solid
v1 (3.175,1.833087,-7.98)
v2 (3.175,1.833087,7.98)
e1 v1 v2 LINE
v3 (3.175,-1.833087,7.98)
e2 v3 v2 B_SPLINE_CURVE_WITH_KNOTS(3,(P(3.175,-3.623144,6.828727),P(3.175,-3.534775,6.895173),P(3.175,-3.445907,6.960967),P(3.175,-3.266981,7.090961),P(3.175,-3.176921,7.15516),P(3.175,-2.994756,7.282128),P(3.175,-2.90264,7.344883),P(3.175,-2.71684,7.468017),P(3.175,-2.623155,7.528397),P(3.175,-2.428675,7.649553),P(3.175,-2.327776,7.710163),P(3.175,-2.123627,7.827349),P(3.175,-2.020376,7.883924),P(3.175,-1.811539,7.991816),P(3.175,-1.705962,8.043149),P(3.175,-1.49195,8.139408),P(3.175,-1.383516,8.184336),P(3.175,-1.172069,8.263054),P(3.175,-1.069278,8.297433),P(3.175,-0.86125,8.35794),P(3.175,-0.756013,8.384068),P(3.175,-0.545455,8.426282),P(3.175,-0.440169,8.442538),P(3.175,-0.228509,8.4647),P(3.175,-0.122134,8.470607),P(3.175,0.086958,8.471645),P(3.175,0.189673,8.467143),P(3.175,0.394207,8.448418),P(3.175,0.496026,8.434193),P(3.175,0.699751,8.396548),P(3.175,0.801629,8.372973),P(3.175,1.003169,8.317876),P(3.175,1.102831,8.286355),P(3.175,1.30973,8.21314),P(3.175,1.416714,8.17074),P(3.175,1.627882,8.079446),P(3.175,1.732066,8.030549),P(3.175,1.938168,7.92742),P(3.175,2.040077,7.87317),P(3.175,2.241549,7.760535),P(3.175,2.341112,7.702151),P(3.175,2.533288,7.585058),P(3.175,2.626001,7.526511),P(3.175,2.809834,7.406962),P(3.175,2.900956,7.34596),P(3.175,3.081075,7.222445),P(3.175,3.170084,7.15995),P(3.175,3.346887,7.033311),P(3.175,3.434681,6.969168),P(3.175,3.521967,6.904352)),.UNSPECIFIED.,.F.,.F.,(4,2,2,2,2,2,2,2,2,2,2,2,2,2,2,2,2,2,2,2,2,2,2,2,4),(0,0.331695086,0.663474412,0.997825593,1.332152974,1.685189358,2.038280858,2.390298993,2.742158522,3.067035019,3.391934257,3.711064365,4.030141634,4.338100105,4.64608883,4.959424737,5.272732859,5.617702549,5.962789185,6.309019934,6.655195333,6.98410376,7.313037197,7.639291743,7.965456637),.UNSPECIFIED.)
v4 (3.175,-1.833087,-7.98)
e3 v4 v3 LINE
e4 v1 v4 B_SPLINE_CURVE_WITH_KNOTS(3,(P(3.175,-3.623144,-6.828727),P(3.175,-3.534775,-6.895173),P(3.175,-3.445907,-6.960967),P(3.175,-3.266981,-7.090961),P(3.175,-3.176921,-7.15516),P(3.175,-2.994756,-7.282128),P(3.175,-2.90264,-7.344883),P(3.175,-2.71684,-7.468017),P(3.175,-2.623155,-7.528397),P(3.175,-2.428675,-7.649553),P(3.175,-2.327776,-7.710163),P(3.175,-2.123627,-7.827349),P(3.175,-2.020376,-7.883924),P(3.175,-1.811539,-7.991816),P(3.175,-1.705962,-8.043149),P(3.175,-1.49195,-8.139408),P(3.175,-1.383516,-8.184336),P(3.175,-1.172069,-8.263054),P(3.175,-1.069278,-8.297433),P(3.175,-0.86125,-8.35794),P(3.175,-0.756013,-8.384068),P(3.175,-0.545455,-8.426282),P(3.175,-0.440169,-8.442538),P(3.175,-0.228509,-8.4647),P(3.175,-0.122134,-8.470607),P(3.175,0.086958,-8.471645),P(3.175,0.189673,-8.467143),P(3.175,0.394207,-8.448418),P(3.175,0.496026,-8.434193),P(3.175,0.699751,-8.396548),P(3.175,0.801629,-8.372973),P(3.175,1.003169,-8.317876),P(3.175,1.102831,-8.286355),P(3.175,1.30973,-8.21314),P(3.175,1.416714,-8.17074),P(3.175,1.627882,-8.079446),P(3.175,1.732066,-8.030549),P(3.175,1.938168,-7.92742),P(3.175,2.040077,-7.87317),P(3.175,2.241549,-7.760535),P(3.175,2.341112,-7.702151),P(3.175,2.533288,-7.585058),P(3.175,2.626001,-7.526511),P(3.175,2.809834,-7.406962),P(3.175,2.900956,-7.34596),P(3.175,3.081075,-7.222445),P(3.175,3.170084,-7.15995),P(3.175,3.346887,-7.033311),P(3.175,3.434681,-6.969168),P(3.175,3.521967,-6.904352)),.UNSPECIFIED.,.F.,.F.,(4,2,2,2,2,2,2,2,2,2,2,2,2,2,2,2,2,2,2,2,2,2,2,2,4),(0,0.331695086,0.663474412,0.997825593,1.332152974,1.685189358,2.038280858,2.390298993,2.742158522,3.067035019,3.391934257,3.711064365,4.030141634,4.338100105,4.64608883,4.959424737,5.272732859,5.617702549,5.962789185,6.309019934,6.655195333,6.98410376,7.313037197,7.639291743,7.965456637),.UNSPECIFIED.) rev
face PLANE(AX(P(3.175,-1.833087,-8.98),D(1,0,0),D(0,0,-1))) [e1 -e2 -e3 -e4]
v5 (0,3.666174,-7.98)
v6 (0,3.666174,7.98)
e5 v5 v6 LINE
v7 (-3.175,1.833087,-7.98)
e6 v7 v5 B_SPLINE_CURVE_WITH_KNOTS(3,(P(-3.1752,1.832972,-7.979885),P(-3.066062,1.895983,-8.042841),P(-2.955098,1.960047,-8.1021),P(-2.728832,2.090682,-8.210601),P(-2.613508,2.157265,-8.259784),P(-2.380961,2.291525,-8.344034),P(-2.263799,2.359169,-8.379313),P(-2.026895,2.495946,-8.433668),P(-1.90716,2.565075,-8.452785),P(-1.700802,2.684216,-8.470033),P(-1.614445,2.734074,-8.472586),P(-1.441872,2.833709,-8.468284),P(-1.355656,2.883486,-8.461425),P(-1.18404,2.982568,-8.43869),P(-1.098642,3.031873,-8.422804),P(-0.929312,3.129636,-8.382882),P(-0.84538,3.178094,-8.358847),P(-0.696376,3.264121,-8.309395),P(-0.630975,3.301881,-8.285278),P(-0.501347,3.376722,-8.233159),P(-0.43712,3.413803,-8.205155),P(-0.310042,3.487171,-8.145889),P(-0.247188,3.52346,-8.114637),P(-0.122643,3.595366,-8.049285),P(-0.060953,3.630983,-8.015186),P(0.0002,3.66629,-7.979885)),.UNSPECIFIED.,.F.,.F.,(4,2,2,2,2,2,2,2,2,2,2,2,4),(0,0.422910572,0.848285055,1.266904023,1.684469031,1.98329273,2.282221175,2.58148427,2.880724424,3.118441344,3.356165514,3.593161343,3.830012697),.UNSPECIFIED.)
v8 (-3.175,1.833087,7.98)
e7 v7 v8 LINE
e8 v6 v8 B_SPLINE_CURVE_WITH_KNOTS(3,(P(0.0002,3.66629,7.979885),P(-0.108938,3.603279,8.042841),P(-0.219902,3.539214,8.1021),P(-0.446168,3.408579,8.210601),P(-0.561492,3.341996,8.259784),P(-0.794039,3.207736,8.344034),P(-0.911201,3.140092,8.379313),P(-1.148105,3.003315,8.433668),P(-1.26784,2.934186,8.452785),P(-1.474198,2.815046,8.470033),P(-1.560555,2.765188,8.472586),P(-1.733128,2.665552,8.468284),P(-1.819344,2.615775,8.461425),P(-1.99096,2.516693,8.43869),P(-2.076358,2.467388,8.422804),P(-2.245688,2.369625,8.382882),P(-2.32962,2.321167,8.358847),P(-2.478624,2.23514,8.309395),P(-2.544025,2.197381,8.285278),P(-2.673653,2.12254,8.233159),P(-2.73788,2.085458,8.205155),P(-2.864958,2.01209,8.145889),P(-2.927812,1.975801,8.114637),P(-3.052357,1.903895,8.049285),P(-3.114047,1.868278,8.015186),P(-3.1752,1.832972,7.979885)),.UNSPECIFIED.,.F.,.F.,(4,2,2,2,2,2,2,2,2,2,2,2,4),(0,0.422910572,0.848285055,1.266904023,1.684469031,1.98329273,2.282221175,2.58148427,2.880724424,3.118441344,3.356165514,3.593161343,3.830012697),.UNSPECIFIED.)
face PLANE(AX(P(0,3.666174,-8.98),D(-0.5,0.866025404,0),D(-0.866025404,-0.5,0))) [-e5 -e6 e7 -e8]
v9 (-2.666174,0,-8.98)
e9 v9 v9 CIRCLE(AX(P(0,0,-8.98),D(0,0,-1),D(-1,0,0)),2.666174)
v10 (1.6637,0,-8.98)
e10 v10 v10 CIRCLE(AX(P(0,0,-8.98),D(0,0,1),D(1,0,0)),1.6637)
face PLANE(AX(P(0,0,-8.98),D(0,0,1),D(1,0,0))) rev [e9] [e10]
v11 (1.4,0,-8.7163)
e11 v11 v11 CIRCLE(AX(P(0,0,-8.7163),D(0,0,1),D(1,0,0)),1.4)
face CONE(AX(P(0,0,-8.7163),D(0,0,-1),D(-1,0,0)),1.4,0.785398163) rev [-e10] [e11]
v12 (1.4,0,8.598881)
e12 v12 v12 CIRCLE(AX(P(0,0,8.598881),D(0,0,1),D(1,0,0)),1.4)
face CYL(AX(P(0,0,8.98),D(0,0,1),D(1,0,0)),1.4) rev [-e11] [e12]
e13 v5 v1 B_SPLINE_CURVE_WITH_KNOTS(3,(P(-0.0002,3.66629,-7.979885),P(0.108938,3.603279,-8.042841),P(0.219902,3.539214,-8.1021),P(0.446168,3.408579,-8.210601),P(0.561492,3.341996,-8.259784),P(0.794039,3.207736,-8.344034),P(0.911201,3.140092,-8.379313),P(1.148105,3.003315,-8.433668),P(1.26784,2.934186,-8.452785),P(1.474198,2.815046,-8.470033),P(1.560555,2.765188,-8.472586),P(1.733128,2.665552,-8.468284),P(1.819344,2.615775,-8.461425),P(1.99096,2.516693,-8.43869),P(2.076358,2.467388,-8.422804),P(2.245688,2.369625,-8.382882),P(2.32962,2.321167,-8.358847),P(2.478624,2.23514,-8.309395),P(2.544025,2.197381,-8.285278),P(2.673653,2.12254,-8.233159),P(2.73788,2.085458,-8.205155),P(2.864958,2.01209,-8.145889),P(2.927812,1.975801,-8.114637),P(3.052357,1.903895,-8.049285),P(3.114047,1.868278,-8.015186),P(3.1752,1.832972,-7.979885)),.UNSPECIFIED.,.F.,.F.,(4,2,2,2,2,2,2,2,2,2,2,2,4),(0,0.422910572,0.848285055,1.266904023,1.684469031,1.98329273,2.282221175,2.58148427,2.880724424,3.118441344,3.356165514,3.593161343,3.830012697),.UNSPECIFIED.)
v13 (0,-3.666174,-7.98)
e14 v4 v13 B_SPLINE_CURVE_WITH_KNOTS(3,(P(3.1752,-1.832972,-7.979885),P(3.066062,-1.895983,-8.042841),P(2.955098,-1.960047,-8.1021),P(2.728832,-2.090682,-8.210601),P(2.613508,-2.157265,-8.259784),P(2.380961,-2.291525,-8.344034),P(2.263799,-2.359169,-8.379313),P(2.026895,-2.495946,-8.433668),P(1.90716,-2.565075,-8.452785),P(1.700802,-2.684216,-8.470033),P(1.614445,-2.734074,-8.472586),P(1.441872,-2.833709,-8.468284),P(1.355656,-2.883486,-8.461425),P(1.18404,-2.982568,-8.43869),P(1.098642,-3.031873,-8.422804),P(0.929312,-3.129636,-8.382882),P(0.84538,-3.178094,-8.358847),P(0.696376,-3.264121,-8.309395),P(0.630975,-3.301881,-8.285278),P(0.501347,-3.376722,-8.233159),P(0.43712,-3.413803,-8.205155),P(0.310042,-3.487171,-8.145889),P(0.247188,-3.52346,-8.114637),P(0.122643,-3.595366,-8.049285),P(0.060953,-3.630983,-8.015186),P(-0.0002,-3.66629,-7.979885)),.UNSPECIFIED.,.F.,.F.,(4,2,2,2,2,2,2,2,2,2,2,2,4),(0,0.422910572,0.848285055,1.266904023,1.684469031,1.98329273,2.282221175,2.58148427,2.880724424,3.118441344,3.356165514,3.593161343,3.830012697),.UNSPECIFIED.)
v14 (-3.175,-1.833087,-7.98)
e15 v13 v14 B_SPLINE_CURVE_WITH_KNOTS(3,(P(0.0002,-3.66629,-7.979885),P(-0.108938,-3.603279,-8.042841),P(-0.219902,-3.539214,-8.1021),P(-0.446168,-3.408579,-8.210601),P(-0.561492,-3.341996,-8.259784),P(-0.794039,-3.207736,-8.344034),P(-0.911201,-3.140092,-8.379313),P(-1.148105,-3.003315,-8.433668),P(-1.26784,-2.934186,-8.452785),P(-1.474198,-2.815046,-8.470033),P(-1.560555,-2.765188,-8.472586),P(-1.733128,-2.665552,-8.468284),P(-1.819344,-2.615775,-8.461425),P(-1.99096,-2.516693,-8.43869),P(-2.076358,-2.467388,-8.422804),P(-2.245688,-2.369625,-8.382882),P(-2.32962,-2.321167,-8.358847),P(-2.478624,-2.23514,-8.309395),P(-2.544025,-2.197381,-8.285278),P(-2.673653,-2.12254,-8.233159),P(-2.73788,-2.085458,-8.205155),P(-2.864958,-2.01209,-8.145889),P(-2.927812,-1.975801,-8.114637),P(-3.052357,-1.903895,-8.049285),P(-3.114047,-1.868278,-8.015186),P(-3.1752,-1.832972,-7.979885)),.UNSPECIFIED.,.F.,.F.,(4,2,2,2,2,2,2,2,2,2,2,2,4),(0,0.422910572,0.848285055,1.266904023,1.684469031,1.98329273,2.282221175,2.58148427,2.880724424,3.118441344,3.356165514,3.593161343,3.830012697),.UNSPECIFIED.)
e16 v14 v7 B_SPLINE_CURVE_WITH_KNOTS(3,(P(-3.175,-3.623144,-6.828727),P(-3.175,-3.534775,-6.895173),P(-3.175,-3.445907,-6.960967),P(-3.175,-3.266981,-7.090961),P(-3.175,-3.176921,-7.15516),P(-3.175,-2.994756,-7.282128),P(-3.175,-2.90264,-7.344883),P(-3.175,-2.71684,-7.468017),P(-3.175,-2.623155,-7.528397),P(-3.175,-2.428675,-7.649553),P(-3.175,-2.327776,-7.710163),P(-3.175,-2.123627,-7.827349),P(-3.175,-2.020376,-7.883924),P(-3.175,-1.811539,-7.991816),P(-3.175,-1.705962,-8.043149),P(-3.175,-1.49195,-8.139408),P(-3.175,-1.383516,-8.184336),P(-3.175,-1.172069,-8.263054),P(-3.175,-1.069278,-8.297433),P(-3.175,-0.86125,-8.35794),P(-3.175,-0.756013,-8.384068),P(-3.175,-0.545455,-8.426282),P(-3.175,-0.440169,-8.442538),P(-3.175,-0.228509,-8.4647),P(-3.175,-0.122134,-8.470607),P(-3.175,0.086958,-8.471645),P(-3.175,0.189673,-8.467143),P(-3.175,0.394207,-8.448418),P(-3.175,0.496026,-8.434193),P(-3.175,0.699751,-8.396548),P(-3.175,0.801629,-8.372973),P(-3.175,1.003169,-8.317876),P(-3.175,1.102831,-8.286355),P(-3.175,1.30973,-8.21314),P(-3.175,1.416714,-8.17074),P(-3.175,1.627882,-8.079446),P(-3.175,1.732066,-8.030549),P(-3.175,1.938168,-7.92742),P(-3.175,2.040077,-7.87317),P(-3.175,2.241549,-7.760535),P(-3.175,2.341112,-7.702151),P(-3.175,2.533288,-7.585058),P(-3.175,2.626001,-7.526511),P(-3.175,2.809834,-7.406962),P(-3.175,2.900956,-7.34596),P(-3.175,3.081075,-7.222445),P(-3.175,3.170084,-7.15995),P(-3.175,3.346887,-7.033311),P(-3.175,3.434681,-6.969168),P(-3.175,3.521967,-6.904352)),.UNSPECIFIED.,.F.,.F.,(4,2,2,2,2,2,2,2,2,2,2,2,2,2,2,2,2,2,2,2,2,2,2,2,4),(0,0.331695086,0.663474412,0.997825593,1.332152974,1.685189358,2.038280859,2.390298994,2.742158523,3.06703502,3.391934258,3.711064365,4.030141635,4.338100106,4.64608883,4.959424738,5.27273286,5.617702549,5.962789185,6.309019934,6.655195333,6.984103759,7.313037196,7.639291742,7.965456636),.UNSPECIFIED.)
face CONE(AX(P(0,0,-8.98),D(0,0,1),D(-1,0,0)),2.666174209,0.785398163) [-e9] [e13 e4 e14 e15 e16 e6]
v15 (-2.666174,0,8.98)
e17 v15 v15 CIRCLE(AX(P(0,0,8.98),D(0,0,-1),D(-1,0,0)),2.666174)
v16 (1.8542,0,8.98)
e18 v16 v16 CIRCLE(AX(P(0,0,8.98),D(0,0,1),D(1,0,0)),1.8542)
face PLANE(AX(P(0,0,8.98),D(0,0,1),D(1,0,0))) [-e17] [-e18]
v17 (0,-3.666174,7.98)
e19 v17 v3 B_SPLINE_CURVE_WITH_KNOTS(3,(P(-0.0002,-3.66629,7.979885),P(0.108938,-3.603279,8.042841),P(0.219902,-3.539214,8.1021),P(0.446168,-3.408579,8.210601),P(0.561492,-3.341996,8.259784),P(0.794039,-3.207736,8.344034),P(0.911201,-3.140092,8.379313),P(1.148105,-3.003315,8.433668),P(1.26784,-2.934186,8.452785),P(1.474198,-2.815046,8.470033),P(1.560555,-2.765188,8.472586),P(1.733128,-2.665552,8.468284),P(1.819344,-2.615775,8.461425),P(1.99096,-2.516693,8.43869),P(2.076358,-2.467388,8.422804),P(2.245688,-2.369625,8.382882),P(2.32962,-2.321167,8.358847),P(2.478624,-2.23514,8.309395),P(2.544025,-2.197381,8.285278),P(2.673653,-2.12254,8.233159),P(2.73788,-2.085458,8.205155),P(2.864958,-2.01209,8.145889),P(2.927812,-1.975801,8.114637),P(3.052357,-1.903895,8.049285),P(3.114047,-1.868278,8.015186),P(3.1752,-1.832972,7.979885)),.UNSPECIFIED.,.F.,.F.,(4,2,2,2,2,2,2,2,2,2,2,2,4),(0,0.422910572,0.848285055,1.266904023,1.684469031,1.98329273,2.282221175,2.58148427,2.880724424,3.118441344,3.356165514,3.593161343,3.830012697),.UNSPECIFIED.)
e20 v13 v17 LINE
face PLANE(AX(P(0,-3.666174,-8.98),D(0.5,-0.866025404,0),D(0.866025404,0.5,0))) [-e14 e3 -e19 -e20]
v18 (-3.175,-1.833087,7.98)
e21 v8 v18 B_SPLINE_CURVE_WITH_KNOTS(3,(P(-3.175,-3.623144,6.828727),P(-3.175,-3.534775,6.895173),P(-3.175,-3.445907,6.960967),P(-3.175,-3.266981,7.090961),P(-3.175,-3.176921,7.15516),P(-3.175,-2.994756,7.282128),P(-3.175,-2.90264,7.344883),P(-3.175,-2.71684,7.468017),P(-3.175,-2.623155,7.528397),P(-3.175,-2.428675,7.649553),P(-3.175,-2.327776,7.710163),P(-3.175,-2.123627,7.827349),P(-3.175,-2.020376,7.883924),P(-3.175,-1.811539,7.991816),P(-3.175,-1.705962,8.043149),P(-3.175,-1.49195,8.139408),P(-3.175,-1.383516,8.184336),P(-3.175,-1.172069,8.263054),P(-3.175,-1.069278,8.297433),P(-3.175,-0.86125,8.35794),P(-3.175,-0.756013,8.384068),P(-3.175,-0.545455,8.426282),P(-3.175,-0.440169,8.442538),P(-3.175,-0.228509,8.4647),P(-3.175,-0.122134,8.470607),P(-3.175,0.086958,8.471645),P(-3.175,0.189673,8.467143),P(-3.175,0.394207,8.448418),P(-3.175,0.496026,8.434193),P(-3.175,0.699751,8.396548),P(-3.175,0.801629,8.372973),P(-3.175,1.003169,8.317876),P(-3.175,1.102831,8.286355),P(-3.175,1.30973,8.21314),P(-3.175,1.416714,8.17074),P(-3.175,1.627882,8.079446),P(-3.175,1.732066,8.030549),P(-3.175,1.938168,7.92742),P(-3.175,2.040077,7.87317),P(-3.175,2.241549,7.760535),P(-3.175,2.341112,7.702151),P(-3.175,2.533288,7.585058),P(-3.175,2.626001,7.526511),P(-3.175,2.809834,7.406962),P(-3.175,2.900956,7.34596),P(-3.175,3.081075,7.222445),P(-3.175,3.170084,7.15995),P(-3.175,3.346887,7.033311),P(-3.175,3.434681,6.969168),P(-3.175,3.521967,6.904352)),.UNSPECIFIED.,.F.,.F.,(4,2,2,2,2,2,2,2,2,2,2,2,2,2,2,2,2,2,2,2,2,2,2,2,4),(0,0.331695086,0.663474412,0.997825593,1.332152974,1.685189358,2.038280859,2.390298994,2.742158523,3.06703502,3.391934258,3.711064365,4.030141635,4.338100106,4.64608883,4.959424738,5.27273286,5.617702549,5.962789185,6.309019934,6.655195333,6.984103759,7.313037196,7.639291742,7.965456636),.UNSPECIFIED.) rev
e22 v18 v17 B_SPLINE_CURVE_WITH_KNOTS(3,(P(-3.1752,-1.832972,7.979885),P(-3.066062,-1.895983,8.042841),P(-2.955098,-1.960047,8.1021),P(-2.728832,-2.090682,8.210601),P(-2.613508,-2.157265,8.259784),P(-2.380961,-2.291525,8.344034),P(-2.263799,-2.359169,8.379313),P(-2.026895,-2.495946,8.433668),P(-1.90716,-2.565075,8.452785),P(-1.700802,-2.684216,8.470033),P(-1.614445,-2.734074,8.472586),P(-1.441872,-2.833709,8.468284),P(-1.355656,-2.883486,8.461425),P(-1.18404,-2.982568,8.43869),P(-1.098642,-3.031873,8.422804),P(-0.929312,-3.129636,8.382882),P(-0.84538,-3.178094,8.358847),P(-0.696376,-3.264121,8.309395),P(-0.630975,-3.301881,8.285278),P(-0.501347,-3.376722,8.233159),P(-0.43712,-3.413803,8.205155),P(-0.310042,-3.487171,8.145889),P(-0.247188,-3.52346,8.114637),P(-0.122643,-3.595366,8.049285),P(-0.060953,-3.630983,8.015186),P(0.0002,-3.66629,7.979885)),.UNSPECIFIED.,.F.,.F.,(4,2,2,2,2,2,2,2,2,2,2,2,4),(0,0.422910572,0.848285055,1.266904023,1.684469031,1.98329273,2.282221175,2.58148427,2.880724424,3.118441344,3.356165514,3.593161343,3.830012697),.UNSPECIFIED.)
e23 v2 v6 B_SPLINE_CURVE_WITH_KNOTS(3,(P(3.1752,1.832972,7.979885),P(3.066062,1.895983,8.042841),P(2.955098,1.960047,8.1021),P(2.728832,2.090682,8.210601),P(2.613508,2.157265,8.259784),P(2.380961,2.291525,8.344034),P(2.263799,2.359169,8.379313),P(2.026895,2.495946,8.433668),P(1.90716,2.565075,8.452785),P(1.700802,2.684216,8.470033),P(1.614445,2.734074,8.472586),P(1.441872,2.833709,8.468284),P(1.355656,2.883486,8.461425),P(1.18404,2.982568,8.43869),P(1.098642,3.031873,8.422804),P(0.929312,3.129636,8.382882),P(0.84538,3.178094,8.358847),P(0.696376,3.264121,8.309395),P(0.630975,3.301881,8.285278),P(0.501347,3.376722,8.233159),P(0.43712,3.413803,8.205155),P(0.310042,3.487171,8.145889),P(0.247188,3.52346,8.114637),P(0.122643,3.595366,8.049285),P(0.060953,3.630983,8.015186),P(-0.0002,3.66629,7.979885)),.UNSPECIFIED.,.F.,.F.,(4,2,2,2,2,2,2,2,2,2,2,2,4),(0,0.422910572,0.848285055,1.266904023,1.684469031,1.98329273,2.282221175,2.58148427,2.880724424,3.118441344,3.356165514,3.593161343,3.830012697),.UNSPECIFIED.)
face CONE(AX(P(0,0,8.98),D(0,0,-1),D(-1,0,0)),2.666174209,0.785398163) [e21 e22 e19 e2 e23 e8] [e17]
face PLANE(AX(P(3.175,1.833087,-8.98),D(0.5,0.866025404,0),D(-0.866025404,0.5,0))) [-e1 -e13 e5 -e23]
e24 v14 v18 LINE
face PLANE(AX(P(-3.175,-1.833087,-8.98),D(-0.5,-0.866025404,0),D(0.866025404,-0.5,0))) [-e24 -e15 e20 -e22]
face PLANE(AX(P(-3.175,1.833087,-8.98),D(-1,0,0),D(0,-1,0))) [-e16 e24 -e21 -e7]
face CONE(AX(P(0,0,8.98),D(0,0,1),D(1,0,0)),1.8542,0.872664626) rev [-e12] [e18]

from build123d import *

# Parameters (mm, degrees)
BOSS_EXTRUDE1_DEPTH      = 8.98
BOSS_EXTRUDE1_DEPTH_BACK = 8.98


with BuildPart() as part:
    # Sketch1 → Boss-Extrude1 (new, two sides: drawn at the far end of the back side and taken through both)
    with BuildSketch(Plane.XY.offset(-BOSS_EXTRUDE1_DEPTH_BACK)):
        Polygon((3.175, -1.833087105), (3.175, 1.833087105), (0, 3.666174209), (-3.175, 1.833087105), (-3.175, -1.833087105), (0, -3.666174209), align=None)
    extrude(amount=BOSS_EXTRUDE1_DEPTH + BOSS_EXTRUDE1_DEPTH_BACK)

    # Sketch3 → Cut-Revolve2 (revolve, cut)
    with BuildSketch(Plane(origin=(0, 0, 0), x_dir=(0, 0, -1), z_dir=(1, 0, 0))):
        Polygon((-7.98, 3.666174209), (-8.98, 2.666174209), (-8.98, 3.666174209), align=None)
    cut_revolve2 = revolve(axis=Axis((0, 0, -0.635), (0, 0, 1)), mode=Mode.SUBTRACT)

    # Mirror1: Cut-Revolve2 across plane
    add(cut_revolve2.mirror(Plane.XY), mode=Mode.SUBTRACT)

    # Sketch4 → CSK for #1 Flat Head Machine Screw (100)1 (revolve, cut)
    with BuildSketch(Plane(origin=(0, 0, 8.98), x_dir=(0, -1, 0), z_dir=(1, 0, 0))):
        Polygon((0, 0), (0, 17.96), (1.6637, 17.96), (1.4, 17.6963), (1.4, 0.381119052), (1.8542, 0), align=None)
    revolve(axis=Axis((0, 0, 15.33), (0, 0, -1)), mode=Mode.SUBTRACT)


solid = part.part
